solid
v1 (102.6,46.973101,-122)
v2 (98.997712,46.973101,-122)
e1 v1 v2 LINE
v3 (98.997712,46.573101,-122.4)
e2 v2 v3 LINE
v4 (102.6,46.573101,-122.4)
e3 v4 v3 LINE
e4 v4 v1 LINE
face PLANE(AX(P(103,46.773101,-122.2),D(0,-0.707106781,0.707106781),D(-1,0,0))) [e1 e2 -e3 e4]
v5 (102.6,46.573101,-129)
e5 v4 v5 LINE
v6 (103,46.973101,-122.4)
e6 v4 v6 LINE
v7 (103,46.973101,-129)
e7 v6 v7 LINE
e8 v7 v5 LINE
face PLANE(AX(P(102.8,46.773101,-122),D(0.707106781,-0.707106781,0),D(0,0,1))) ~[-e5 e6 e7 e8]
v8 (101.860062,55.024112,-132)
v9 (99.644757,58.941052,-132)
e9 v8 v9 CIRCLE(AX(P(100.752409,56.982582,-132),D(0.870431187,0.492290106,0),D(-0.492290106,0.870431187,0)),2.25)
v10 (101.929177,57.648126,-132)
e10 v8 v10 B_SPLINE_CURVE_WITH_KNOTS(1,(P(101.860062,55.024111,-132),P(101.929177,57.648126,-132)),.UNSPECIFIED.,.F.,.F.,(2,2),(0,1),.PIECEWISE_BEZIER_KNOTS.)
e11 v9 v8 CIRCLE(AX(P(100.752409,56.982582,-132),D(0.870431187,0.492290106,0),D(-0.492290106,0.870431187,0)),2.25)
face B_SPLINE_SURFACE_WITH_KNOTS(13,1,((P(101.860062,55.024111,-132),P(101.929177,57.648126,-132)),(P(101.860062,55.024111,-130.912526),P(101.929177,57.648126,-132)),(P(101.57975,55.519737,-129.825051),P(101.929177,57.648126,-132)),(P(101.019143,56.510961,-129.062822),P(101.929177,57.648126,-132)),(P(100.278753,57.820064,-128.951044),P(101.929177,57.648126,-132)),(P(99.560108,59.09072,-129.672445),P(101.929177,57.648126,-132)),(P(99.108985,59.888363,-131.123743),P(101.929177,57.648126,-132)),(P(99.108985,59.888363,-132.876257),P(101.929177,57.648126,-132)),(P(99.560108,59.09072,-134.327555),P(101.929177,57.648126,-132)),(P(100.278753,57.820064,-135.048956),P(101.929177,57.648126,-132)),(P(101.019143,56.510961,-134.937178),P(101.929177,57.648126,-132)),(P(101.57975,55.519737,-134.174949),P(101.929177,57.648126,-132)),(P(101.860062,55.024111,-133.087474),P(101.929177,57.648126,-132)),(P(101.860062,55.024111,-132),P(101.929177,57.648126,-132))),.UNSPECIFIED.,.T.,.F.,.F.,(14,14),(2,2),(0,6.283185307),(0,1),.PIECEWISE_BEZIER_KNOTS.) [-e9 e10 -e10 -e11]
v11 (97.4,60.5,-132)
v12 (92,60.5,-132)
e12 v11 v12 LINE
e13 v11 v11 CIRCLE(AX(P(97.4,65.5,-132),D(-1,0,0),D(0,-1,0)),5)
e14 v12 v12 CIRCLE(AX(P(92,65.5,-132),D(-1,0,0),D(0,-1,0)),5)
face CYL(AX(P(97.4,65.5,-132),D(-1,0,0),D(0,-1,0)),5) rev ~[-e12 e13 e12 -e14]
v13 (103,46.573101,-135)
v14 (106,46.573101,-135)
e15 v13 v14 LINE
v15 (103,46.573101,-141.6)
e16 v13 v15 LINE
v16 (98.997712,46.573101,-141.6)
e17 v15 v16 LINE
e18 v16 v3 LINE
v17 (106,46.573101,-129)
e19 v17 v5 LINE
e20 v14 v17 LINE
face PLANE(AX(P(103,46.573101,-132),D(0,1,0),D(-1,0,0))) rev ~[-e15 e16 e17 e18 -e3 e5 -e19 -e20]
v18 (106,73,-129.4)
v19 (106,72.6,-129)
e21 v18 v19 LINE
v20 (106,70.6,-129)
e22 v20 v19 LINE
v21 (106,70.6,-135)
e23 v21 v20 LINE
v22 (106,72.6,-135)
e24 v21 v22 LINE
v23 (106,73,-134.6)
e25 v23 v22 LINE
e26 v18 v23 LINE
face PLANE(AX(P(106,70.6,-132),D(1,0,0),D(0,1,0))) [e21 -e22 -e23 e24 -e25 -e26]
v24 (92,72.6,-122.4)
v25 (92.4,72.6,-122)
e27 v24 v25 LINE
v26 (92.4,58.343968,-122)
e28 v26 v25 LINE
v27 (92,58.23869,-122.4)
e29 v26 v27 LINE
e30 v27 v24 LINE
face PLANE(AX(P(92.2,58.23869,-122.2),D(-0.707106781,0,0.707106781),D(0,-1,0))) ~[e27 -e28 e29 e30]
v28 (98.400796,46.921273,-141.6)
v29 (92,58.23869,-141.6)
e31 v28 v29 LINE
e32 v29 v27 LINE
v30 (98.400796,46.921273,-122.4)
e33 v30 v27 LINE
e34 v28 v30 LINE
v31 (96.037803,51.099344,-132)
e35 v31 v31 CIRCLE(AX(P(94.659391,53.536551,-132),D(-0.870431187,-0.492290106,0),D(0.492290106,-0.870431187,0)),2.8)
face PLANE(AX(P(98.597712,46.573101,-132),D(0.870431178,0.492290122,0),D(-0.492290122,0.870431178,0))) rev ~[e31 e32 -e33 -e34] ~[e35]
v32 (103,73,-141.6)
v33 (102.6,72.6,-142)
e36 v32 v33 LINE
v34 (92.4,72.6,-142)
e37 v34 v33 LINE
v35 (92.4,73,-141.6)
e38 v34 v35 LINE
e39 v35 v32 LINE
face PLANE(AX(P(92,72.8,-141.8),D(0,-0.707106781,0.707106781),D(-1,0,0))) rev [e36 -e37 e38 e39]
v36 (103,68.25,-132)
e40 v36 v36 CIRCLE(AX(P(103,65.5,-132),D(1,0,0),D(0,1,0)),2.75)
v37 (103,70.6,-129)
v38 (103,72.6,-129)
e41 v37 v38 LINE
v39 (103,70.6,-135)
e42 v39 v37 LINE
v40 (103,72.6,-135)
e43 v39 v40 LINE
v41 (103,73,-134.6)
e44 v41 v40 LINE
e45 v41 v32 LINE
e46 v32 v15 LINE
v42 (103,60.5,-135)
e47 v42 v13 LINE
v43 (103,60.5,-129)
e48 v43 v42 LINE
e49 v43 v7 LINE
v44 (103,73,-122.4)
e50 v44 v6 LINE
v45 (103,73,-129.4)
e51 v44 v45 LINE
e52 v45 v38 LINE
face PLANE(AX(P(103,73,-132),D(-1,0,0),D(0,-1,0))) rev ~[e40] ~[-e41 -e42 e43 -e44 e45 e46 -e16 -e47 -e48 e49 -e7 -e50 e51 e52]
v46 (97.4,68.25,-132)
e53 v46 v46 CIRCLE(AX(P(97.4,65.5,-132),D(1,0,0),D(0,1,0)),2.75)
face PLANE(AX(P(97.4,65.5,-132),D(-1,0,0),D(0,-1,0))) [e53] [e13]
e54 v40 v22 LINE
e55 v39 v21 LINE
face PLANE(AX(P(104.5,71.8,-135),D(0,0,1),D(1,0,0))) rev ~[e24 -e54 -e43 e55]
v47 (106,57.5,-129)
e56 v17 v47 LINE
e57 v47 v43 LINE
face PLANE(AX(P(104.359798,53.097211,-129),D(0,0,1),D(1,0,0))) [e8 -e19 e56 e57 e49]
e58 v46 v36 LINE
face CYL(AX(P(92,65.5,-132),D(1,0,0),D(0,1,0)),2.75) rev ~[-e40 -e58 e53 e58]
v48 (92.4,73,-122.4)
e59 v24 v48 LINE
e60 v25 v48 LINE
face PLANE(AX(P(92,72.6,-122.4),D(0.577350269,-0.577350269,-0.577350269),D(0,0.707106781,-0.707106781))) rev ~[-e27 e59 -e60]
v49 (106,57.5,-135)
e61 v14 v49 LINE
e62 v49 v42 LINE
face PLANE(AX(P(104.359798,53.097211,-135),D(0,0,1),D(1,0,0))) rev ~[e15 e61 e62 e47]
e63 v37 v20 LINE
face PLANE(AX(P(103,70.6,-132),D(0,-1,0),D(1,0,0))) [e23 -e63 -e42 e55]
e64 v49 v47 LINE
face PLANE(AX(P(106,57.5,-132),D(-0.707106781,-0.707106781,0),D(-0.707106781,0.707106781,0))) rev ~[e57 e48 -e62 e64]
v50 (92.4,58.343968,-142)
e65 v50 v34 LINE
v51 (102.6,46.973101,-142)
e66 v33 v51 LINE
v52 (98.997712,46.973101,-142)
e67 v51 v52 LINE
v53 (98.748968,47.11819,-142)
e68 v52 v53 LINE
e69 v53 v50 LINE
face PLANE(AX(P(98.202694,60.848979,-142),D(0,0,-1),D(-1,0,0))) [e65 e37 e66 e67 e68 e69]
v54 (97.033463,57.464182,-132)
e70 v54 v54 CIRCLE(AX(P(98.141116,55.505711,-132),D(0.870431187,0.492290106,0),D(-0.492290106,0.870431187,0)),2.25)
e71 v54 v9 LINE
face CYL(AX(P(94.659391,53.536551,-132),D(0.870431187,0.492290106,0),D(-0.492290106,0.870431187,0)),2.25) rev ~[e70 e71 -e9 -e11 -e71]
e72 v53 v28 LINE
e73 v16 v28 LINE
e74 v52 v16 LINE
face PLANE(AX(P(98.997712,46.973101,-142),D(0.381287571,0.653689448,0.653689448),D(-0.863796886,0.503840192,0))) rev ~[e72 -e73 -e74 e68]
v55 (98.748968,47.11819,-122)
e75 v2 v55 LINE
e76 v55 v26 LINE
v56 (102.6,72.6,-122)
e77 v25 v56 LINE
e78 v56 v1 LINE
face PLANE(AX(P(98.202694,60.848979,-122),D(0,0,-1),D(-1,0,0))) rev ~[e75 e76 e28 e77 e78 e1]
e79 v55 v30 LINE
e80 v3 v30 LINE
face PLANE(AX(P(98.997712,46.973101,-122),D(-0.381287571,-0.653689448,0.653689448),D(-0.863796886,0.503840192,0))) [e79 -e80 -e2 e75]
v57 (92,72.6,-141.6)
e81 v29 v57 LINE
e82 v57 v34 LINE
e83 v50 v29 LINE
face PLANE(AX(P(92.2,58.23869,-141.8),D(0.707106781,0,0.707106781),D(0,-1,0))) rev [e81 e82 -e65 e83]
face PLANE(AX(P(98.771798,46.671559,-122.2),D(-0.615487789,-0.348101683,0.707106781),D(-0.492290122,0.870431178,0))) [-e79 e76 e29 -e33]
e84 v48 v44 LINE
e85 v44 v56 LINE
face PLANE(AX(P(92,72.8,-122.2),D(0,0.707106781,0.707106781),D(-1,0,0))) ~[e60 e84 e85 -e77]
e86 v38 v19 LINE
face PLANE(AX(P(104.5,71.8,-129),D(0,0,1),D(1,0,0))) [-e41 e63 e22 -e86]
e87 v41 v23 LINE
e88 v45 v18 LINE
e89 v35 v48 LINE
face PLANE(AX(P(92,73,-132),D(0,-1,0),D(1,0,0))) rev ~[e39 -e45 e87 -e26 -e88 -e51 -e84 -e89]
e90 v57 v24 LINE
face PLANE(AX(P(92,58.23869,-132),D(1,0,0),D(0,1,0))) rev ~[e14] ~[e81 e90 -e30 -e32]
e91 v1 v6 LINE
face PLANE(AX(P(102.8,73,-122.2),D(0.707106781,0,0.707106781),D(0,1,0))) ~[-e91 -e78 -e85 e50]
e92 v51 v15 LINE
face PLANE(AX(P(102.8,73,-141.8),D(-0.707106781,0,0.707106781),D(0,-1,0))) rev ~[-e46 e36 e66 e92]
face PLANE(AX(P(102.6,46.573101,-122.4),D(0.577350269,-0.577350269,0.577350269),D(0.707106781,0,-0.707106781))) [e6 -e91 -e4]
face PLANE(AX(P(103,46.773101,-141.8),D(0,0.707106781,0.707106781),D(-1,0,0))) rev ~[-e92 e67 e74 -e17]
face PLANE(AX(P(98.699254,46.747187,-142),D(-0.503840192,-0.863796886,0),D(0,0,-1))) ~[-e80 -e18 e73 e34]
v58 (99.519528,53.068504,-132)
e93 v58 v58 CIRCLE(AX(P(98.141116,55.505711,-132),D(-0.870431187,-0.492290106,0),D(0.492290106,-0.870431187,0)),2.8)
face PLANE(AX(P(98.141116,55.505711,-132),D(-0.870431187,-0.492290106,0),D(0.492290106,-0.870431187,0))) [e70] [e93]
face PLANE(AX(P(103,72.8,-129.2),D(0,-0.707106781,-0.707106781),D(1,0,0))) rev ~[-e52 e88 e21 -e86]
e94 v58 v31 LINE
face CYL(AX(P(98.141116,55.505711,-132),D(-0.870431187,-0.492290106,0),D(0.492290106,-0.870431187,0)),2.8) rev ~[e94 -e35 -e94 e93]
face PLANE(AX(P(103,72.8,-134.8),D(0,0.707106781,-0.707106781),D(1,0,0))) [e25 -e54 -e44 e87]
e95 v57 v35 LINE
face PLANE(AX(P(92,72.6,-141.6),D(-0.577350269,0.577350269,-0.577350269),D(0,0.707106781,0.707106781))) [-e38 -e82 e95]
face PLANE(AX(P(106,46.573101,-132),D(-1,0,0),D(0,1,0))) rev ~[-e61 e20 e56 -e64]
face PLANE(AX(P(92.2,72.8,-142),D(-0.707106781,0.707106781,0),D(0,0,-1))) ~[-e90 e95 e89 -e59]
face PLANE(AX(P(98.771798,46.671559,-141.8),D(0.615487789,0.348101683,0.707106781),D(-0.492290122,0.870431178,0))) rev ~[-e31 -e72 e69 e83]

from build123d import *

# Parameters (mm, degrees)
PAD097_DEPTH        = 10
SKETCH351_W         = 3
SKETCH351_H         = 2.4
PAD098_DEPTH        = 3
HOLE_D              = 5.5
HOLE_CBORE_D        = 10
HOLE_CBORE_DEPTH    = 5.4
HOLE041_D           = 4.5
HOLE041_DEPTH       = 7
HOLE041_CBORE_D     = 5.6
HOLE041_CBORE_DEPTH = 4
HOLE041_TIPS_R      = 2.25
CHAMFER006_SIZE     = 0.4


with BuildPart() as part:
    # Sketch350 → Pad097 (new body, symmetric)
    with BuildSketch(Plane.XY):
        Polygon((92, 73), (103, 73), (103, 46.573101), (98.597712, 46.573101), (92, 58.23869), align=None)
    extrude(amount=PAD097_DEPTH, both=True)

    # Sketch351 → Pad098 (join, symmetric)
    with BuildSketch(Plane.XY):
        Polygon((103, 46.573101), (106, 46.573101), (106, 57.5), (103, 60.5), align=None)
        with Locations((104.5, 71.8)):
            Rectangle(SKETCH351_W, SKETCH351_H)
    extrude(amount=PAD098_DEPTH, both=True)

    # Hole (through all)
    with Locations(Plane(origin=(92, 0, 0), x_dir=(0, -1, 0), z_dir=(-1, 0, 0))):
        with Locations((-65.5, 0)):
            CounterBoreHole(HOLE_D / 2, HOLE_CBORE_D / 2, HOLE_CBORE_DEPTH)

    # Hole041
    with Locations(Plane(origin=(94.659391, 53.536551, 0), x_dir=(0.49229, -0.870431, 0), z_dir=(-0.870431, -0.49229, 0))):
        with Locations((0, 0)):
            CounterBoreHole(HOLE041_D / 2, HOLE041_CBORE_D / 2, HOLE041_CBORE_DEPTH, depth=HOLE041_DEPTH)

    # Hole041 tips → Hole041 tip 1 section 0
    with BuildSketch(Plane(origin=(100.752409, 56.982581, 0), x_dir=(0.49229, -0.870431, 0), z_dir=(-0.870431, -0.49229, 0)), mode=Mode.PRIVATE) as hole041_tip_1_s0:
        Circle(HOLE041_TIPS_R)
    loft([hole041_tip_1_s0.sketch, Vertex(101.929177, 57.648126, 0)], mode=Mode.SUBTRACT)

    # Chamfer006
    chamfer006_edges = [part.edges().sort_by_distance(p)[0] for p in [
        (97.5, 73, 10),
        (103, 59.786551, 10),
        (100.798856, 46.573101, 10),
        (95.298856, 52.405895, 10),
        (92, 65.619345, 10),
        (98.597712, 46.573101, 0),
        (97.5, 73, -10),
        (103, 59.786551, -10),
        (100.798856, 46.573101, -10),
        (95.298856, 52.405895, -10),
        (92, 65.619345, -10),
        (92, 73, 0),
        (103, 46.573101, 6.5),
        (104.5, 73, 3),
        (104.5, 73, -3),
    ]]
    chamfer(chamfer006_edges, length=CHAMFER006_SIZE)


with BuildPart() as part_1:
    # Body022073 placement: moved
    add(part.part.moved(Location((0, 0, -132))))


solid = part_1.part
